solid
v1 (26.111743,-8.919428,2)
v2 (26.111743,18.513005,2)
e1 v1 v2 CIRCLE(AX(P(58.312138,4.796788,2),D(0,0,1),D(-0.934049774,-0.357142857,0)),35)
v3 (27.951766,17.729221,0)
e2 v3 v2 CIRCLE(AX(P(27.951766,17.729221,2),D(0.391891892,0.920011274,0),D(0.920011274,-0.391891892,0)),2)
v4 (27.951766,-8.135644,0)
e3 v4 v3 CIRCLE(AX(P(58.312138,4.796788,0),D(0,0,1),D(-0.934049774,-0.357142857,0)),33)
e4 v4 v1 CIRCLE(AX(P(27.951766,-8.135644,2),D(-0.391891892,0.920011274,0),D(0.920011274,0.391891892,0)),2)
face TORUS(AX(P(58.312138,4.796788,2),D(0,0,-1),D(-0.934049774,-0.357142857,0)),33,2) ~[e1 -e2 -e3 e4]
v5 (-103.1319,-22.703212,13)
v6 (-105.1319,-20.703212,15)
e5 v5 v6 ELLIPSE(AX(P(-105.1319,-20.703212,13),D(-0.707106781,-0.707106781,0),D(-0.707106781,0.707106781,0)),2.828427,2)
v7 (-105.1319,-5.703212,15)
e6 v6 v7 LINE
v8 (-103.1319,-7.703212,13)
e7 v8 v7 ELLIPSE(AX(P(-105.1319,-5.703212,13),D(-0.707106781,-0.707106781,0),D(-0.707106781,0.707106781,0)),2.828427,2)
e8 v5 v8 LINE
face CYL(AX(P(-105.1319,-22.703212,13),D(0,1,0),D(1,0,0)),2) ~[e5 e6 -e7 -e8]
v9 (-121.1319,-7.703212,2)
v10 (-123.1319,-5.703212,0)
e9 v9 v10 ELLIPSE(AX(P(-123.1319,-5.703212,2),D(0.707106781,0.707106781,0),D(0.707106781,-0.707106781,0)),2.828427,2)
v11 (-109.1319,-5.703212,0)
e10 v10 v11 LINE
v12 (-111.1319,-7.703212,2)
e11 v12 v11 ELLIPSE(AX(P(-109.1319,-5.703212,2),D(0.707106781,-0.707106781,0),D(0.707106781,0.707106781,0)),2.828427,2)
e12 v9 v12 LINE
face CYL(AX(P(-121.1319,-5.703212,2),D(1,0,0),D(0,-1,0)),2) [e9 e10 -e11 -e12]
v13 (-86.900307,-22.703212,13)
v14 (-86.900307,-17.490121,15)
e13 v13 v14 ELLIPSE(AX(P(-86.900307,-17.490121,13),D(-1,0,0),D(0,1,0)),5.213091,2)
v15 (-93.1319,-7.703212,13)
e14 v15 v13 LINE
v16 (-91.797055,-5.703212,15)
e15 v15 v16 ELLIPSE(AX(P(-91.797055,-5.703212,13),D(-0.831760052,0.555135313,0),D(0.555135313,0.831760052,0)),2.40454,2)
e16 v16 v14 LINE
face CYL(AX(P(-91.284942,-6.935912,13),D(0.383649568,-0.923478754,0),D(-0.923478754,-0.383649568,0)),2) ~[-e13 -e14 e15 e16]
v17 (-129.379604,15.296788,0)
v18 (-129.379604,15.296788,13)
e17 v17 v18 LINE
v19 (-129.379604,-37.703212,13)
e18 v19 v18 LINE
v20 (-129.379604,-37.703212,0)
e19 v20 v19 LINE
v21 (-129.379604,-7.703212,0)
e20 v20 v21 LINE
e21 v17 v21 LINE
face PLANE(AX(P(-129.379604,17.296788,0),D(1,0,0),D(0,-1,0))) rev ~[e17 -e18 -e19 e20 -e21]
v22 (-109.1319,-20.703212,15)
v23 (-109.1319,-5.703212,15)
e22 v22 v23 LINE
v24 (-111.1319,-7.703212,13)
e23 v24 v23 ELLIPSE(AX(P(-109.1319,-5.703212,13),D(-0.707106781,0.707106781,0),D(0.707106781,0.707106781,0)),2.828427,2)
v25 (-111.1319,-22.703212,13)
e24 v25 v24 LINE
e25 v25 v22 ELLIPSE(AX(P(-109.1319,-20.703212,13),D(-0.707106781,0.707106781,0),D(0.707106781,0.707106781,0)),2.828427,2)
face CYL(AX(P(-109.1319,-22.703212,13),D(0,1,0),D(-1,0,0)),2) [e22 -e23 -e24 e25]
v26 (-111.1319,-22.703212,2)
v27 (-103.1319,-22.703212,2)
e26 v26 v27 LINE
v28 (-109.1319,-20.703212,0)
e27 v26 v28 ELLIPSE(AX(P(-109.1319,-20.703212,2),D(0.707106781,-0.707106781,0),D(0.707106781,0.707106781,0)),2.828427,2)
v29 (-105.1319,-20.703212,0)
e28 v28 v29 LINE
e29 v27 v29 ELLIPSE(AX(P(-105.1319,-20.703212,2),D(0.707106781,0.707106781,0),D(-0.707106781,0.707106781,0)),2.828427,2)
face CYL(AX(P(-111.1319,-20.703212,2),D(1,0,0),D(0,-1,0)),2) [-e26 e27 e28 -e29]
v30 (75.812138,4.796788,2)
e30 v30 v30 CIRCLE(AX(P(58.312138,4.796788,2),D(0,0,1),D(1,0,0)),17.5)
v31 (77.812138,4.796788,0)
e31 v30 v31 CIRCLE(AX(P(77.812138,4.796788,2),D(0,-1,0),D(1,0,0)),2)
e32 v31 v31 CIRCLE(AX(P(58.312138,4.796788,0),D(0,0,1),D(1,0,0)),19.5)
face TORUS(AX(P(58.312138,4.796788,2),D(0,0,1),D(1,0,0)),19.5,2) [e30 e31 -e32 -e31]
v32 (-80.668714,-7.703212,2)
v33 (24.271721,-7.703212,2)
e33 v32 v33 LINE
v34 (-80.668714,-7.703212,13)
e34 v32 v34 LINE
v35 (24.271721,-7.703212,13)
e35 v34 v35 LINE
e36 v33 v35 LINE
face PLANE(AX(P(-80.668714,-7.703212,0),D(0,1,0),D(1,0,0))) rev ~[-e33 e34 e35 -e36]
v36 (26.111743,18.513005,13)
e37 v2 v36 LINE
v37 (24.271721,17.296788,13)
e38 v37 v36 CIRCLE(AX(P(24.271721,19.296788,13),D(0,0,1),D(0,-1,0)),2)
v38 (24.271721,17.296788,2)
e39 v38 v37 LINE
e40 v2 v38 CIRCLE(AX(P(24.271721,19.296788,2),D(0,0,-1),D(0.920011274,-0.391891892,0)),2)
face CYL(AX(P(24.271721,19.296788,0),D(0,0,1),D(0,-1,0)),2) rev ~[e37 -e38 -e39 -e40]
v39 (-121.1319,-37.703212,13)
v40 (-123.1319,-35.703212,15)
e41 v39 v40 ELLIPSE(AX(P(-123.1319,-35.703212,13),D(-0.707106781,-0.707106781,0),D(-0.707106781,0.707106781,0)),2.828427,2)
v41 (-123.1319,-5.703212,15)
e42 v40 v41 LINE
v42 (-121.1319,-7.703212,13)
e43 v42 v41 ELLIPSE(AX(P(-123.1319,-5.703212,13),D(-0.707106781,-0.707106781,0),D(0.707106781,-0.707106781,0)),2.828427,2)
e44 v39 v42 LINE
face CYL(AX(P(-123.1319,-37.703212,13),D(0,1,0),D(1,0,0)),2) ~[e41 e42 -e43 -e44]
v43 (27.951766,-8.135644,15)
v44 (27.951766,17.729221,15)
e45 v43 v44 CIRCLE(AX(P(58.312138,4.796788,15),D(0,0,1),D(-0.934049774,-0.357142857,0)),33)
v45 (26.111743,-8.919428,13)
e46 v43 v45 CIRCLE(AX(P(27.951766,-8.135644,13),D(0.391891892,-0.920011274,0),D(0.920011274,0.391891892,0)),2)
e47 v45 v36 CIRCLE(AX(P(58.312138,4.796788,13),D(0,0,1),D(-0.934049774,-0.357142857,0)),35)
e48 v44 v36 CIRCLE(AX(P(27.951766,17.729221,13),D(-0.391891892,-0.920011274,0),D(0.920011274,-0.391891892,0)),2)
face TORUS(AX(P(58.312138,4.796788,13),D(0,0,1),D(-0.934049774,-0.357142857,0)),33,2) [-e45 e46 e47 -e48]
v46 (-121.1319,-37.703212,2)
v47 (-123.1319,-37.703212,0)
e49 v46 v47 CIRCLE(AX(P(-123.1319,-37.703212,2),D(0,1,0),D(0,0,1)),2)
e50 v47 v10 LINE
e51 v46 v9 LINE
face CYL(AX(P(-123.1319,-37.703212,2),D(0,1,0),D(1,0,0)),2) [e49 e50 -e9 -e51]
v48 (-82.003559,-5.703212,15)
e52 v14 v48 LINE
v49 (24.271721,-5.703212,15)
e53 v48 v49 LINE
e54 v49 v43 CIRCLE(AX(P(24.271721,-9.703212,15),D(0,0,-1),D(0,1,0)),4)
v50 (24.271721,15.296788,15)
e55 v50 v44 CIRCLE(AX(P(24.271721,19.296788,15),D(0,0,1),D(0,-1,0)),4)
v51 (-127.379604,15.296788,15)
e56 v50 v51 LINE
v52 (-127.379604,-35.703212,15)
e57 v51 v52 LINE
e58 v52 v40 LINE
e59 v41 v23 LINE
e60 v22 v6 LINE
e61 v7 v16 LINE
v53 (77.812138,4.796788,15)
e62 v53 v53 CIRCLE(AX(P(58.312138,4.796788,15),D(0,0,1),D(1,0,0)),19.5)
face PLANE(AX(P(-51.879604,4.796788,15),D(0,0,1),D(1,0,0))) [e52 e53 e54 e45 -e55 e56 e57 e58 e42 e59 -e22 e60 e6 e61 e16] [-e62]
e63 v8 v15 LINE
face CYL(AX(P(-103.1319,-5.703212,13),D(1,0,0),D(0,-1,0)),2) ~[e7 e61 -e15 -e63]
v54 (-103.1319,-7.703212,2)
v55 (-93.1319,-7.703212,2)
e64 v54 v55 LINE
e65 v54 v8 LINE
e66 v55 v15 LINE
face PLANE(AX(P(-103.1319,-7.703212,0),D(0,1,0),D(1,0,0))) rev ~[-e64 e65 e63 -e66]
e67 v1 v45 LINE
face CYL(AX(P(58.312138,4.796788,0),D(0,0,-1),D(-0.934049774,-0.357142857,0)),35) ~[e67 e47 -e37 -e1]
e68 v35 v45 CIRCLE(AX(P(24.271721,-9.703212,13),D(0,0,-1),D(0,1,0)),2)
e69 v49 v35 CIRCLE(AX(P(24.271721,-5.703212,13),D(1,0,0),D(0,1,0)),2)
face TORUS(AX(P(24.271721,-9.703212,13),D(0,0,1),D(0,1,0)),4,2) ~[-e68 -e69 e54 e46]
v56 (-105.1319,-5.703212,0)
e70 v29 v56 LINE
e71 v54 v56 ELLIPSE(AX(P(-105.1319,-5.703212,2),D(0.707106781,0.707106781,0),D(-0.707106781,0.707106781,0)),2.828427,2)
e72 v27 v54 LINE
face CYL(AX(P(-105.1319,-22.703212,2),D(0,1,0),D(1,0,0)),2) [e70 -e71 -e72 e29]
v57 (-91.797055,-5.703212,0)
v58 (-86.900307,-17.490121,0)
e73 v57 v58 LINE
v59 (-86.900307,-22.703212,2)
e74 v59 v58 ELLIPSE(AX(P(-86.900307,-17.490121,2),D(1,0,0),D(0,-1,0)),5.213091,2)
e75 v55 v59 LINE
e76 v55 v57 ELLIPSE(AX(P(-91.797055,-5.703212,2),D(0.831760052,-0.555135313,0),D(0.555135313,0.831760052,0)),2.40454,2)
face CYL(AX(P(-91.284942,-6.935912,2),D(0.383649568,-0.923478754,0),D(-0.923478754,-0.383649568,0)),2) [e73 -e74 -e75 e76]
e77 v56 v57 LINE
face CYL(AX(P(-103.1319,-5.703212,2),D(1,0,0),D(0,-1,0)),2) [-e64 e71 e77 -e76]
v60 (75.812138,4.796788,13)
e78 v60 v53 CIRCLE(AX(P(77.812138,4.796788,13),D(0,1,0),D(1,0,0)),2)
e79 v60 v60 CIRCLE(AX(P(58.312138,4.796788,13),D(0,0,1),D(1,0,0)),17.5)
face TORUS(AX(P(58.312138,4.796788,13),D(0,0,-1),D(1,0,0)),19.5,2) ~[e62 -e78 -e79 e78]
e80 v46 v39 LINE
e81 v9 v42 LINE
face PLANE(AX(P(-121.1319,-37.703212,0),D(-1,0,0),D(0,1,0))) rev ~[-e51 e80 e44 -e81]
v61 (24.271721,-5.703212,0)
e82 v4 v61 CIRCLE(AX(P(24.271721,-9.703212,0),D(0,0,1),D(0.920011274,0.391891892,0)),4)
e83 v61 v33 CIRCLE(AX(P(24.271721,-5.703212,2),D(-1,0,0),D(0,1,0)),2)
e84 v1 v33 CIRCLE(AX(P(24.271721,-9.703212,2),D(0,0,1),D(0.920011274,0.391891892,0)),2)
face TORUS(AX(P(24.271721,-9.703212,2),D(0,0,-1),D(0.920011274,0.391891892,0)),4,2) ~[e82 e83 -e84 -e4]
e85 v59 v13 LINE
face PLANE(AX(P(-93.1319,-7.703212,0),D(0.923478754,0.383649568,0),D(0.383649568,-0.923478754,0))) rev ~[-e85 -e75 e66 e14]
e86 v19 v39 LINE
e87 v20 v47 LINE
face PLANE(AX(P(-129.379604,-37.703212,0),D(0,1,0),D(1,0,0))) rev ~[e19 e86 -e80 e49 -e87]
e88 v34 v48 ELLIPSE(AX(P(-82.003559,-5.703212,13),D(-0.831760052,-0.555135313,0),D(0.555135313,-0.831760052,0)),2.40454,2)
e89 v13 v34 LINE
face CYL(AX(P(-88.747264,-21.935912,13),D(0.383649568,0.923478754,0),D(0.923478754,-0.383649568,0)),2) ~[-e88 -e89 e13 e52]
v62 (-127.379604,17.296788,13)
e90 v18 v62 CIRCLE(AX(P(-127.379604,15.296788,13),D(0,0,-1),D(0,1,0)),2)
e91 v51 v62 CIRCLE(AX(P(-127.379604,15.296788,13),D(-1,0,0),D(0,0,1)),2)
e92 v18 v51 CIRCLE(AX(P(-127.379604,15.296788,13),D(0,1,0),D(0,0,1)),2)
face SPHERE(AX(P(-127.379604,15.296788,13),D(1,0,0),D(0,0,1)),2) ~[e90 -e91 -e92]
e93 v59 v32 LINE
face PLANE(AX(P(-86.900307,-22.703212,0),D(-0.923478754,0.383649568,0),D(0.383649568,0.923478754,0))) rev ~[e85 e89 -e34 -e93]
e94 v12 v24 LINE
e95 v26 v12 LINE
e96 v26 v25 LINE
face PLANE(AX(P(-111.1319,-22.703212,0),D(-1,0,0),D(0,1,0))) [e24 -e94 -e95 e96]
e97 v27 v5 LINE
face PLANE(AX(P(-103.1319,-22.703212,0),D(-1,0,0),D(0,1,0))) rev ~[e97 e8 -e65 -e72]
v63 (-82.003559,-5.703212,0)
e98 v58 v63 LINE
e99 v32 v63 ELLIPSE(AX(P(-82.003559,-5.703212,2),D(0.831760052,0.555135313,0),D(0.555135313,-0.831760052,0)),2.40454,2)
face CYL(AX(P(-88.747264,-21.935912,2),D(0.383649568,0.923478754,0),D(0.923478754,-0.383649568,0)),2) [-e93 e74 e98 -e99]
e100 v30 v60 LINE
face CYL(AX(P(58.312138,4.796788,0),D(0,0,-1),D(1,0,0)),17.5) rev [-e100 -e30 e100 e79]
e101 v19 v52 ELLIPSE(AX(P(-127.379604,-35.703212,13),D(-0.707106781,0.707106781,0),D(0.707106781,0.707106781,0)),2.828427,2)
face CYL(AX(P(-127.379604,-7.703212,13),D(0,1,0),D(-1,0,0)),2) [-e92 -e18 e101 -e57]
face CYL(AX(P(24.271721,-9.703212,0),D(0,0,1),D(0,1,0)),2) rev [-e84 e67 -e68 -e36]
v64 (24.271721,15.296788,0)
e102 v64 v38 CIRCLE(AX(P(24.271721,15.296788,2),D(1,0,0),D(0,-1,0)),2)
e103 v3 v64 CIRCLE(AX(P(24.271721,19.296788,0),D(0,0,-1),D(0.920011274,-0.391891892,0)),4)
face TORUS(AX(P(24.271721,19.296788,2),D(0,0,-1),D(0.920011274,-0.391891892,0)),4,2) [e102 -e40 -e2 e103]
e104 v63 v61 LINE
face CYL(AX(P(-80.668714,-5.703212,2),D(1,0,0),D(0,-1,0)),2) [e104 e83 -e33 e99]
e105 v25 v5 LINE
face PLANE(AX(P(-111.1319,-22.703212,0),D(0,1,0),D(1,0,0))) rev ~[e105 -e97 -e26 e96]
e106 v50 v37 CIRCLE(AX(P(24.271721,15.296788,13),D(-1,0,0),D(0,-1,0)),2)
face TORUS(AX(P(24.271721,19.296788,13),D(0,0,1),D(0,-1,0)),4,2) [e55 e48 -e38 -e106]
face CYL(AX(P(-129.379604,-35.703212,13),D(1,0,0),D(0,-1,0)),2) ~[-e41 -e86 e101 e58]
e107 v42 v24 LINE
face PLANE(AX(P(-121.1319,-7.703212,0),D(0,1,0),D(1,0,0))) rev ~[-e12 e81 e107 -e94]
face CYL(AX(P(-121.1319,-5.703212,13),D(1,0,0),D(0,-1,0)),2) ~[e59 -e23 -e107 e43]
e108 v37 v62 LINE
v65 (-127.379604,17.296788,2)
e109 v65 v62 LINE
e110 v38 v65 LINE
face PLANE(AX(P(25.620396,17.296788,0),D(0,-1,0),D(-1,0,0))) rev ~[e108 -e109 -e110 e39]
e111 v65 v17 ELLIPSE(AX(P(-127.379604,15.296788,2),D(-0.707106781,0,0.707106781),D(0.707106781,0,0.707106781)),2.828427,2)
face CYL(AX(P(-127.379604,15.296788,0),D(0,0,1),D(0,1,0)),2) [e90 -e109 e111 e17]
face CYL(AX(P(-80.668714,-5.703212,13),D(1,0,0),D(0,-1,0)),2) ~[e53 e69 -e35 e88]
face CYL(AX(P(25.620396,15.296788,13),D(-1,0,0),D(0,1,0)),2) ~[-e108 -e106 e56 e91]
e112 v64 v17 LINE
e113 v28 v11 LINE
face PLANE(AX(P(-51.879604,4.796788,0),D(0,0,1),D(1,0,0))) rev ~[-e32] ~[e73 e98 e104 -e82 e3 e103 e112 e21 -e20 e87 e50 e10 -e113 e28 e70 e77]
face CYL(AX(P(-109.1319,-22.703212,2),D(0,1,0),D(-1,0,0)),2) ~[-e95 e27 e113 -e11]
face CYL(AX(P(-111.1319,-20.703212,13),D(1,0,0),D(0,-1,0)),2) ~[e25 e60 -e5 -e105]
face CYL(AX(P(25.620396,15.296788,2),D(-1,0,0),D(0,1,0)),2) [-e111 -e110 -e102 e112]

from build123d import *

# Parameters (mm, degrees)
F0_R     = 17.5
F0_W     = 8.2477046886
F0_H     = 30
F0_W_2   = 8
F0_H_2   = 15
F1_DEPTH = 15
F2_R     = 2


with BuildPart() as f1:
    # F0 (on Top) → F1 (new body)
    with BuildSketch(Plane.XY):
        Polygon((25.6203956529, 17.2967884245), (-129.3796043471, 17.2967884245), (-129.3796043471, -7.7032115755), (-121.1318996584, -7.7032115755), (-111.1318996584, -7.7032115755), (-103.1318996584, -7.7032115755), (-93.1318996584, -7.7032115755), (-80.6687141383, -7.7032115755), (25.6203956529, -7.7032115755), align=None)
        with BuildLine():
            ThreePointArc((25.6203956529, -7.7032115755), (93.3121377295, 4.7967884245), (25.6203956529, 17.2967884245))
            Line((25.6203956529, 17.2967884245), (25.6203956529, -7.7032115755))
        make_face()
        with Locations((58.3121377295, 4.7967884245)):
            Circle(F0_R, mode=Mode.SUBTRACT)
        with Locations((-125.2557520027, -22.7032115755)):
            Rectangle(F0_W, F0_H)
        with Locations((-107.1318996584, -15.2032115755)):
            Rectangle(F0_W_2, F0_H_2)
        Polygon((-86.9003068984, -22.7032115755), (-80.6687141383, -7.7032115755), (-93.1318996584, -7.7032115755), align=None)
    extrude(amount=F1_DEPTH)

    # F2
    f2_edges = [f1.edges().sort_by_distance(p)[0] for p in [
        (-51.879604, 17.296788, 15),
        (-27.524159, -7.703212, 15),
        (-83.784511, -15.203212, 15),
        (-103.1319, -15.203212, 15),
        (-98.1319, -7.703212, 15),
        (-90.016103, -15.203212, 15),
        (-111.1319, -15.203212, 15),
        (-107.1319, -22.703212, 15),
        (-116.1319, -7.703212, 15),
        (-121.1319, -22.703212, 15),
        (-125.255752, -37.703212, 15),
        (-129.379604, -10.203212, 15),
        (93.312138, 4.796788, 15),
        (40.812138, 4.796788, 15),
        (25.620396, -7.703212, 7.5),
        (25.620396, 17.296788, 7.5),
        (93.312138, 4.796788, 0),
        (-129.379604, 17.296788, 7.5),
        (-51.879604, 17.296788, 0),
        (-116.1319, -7.703212, 0),
        (-111.1319, -15.203212, 0),
        (-121.1319, -22.703212, 0),
        (-103.1319, -15.203212, 0),
        (-98.1319, -7.703212, 0),
        (-90.016103, -15.203212, 0),
        (-27.524159, -7.703212, 0),
        (-107.1319, -22.703212, 0),
        (-83.784511, -15.203212, 0),
        (40.812138, 4.796788, 0),
    ]]
    fillet(f2_edges, radius=F2_R)


solid = f1.part
